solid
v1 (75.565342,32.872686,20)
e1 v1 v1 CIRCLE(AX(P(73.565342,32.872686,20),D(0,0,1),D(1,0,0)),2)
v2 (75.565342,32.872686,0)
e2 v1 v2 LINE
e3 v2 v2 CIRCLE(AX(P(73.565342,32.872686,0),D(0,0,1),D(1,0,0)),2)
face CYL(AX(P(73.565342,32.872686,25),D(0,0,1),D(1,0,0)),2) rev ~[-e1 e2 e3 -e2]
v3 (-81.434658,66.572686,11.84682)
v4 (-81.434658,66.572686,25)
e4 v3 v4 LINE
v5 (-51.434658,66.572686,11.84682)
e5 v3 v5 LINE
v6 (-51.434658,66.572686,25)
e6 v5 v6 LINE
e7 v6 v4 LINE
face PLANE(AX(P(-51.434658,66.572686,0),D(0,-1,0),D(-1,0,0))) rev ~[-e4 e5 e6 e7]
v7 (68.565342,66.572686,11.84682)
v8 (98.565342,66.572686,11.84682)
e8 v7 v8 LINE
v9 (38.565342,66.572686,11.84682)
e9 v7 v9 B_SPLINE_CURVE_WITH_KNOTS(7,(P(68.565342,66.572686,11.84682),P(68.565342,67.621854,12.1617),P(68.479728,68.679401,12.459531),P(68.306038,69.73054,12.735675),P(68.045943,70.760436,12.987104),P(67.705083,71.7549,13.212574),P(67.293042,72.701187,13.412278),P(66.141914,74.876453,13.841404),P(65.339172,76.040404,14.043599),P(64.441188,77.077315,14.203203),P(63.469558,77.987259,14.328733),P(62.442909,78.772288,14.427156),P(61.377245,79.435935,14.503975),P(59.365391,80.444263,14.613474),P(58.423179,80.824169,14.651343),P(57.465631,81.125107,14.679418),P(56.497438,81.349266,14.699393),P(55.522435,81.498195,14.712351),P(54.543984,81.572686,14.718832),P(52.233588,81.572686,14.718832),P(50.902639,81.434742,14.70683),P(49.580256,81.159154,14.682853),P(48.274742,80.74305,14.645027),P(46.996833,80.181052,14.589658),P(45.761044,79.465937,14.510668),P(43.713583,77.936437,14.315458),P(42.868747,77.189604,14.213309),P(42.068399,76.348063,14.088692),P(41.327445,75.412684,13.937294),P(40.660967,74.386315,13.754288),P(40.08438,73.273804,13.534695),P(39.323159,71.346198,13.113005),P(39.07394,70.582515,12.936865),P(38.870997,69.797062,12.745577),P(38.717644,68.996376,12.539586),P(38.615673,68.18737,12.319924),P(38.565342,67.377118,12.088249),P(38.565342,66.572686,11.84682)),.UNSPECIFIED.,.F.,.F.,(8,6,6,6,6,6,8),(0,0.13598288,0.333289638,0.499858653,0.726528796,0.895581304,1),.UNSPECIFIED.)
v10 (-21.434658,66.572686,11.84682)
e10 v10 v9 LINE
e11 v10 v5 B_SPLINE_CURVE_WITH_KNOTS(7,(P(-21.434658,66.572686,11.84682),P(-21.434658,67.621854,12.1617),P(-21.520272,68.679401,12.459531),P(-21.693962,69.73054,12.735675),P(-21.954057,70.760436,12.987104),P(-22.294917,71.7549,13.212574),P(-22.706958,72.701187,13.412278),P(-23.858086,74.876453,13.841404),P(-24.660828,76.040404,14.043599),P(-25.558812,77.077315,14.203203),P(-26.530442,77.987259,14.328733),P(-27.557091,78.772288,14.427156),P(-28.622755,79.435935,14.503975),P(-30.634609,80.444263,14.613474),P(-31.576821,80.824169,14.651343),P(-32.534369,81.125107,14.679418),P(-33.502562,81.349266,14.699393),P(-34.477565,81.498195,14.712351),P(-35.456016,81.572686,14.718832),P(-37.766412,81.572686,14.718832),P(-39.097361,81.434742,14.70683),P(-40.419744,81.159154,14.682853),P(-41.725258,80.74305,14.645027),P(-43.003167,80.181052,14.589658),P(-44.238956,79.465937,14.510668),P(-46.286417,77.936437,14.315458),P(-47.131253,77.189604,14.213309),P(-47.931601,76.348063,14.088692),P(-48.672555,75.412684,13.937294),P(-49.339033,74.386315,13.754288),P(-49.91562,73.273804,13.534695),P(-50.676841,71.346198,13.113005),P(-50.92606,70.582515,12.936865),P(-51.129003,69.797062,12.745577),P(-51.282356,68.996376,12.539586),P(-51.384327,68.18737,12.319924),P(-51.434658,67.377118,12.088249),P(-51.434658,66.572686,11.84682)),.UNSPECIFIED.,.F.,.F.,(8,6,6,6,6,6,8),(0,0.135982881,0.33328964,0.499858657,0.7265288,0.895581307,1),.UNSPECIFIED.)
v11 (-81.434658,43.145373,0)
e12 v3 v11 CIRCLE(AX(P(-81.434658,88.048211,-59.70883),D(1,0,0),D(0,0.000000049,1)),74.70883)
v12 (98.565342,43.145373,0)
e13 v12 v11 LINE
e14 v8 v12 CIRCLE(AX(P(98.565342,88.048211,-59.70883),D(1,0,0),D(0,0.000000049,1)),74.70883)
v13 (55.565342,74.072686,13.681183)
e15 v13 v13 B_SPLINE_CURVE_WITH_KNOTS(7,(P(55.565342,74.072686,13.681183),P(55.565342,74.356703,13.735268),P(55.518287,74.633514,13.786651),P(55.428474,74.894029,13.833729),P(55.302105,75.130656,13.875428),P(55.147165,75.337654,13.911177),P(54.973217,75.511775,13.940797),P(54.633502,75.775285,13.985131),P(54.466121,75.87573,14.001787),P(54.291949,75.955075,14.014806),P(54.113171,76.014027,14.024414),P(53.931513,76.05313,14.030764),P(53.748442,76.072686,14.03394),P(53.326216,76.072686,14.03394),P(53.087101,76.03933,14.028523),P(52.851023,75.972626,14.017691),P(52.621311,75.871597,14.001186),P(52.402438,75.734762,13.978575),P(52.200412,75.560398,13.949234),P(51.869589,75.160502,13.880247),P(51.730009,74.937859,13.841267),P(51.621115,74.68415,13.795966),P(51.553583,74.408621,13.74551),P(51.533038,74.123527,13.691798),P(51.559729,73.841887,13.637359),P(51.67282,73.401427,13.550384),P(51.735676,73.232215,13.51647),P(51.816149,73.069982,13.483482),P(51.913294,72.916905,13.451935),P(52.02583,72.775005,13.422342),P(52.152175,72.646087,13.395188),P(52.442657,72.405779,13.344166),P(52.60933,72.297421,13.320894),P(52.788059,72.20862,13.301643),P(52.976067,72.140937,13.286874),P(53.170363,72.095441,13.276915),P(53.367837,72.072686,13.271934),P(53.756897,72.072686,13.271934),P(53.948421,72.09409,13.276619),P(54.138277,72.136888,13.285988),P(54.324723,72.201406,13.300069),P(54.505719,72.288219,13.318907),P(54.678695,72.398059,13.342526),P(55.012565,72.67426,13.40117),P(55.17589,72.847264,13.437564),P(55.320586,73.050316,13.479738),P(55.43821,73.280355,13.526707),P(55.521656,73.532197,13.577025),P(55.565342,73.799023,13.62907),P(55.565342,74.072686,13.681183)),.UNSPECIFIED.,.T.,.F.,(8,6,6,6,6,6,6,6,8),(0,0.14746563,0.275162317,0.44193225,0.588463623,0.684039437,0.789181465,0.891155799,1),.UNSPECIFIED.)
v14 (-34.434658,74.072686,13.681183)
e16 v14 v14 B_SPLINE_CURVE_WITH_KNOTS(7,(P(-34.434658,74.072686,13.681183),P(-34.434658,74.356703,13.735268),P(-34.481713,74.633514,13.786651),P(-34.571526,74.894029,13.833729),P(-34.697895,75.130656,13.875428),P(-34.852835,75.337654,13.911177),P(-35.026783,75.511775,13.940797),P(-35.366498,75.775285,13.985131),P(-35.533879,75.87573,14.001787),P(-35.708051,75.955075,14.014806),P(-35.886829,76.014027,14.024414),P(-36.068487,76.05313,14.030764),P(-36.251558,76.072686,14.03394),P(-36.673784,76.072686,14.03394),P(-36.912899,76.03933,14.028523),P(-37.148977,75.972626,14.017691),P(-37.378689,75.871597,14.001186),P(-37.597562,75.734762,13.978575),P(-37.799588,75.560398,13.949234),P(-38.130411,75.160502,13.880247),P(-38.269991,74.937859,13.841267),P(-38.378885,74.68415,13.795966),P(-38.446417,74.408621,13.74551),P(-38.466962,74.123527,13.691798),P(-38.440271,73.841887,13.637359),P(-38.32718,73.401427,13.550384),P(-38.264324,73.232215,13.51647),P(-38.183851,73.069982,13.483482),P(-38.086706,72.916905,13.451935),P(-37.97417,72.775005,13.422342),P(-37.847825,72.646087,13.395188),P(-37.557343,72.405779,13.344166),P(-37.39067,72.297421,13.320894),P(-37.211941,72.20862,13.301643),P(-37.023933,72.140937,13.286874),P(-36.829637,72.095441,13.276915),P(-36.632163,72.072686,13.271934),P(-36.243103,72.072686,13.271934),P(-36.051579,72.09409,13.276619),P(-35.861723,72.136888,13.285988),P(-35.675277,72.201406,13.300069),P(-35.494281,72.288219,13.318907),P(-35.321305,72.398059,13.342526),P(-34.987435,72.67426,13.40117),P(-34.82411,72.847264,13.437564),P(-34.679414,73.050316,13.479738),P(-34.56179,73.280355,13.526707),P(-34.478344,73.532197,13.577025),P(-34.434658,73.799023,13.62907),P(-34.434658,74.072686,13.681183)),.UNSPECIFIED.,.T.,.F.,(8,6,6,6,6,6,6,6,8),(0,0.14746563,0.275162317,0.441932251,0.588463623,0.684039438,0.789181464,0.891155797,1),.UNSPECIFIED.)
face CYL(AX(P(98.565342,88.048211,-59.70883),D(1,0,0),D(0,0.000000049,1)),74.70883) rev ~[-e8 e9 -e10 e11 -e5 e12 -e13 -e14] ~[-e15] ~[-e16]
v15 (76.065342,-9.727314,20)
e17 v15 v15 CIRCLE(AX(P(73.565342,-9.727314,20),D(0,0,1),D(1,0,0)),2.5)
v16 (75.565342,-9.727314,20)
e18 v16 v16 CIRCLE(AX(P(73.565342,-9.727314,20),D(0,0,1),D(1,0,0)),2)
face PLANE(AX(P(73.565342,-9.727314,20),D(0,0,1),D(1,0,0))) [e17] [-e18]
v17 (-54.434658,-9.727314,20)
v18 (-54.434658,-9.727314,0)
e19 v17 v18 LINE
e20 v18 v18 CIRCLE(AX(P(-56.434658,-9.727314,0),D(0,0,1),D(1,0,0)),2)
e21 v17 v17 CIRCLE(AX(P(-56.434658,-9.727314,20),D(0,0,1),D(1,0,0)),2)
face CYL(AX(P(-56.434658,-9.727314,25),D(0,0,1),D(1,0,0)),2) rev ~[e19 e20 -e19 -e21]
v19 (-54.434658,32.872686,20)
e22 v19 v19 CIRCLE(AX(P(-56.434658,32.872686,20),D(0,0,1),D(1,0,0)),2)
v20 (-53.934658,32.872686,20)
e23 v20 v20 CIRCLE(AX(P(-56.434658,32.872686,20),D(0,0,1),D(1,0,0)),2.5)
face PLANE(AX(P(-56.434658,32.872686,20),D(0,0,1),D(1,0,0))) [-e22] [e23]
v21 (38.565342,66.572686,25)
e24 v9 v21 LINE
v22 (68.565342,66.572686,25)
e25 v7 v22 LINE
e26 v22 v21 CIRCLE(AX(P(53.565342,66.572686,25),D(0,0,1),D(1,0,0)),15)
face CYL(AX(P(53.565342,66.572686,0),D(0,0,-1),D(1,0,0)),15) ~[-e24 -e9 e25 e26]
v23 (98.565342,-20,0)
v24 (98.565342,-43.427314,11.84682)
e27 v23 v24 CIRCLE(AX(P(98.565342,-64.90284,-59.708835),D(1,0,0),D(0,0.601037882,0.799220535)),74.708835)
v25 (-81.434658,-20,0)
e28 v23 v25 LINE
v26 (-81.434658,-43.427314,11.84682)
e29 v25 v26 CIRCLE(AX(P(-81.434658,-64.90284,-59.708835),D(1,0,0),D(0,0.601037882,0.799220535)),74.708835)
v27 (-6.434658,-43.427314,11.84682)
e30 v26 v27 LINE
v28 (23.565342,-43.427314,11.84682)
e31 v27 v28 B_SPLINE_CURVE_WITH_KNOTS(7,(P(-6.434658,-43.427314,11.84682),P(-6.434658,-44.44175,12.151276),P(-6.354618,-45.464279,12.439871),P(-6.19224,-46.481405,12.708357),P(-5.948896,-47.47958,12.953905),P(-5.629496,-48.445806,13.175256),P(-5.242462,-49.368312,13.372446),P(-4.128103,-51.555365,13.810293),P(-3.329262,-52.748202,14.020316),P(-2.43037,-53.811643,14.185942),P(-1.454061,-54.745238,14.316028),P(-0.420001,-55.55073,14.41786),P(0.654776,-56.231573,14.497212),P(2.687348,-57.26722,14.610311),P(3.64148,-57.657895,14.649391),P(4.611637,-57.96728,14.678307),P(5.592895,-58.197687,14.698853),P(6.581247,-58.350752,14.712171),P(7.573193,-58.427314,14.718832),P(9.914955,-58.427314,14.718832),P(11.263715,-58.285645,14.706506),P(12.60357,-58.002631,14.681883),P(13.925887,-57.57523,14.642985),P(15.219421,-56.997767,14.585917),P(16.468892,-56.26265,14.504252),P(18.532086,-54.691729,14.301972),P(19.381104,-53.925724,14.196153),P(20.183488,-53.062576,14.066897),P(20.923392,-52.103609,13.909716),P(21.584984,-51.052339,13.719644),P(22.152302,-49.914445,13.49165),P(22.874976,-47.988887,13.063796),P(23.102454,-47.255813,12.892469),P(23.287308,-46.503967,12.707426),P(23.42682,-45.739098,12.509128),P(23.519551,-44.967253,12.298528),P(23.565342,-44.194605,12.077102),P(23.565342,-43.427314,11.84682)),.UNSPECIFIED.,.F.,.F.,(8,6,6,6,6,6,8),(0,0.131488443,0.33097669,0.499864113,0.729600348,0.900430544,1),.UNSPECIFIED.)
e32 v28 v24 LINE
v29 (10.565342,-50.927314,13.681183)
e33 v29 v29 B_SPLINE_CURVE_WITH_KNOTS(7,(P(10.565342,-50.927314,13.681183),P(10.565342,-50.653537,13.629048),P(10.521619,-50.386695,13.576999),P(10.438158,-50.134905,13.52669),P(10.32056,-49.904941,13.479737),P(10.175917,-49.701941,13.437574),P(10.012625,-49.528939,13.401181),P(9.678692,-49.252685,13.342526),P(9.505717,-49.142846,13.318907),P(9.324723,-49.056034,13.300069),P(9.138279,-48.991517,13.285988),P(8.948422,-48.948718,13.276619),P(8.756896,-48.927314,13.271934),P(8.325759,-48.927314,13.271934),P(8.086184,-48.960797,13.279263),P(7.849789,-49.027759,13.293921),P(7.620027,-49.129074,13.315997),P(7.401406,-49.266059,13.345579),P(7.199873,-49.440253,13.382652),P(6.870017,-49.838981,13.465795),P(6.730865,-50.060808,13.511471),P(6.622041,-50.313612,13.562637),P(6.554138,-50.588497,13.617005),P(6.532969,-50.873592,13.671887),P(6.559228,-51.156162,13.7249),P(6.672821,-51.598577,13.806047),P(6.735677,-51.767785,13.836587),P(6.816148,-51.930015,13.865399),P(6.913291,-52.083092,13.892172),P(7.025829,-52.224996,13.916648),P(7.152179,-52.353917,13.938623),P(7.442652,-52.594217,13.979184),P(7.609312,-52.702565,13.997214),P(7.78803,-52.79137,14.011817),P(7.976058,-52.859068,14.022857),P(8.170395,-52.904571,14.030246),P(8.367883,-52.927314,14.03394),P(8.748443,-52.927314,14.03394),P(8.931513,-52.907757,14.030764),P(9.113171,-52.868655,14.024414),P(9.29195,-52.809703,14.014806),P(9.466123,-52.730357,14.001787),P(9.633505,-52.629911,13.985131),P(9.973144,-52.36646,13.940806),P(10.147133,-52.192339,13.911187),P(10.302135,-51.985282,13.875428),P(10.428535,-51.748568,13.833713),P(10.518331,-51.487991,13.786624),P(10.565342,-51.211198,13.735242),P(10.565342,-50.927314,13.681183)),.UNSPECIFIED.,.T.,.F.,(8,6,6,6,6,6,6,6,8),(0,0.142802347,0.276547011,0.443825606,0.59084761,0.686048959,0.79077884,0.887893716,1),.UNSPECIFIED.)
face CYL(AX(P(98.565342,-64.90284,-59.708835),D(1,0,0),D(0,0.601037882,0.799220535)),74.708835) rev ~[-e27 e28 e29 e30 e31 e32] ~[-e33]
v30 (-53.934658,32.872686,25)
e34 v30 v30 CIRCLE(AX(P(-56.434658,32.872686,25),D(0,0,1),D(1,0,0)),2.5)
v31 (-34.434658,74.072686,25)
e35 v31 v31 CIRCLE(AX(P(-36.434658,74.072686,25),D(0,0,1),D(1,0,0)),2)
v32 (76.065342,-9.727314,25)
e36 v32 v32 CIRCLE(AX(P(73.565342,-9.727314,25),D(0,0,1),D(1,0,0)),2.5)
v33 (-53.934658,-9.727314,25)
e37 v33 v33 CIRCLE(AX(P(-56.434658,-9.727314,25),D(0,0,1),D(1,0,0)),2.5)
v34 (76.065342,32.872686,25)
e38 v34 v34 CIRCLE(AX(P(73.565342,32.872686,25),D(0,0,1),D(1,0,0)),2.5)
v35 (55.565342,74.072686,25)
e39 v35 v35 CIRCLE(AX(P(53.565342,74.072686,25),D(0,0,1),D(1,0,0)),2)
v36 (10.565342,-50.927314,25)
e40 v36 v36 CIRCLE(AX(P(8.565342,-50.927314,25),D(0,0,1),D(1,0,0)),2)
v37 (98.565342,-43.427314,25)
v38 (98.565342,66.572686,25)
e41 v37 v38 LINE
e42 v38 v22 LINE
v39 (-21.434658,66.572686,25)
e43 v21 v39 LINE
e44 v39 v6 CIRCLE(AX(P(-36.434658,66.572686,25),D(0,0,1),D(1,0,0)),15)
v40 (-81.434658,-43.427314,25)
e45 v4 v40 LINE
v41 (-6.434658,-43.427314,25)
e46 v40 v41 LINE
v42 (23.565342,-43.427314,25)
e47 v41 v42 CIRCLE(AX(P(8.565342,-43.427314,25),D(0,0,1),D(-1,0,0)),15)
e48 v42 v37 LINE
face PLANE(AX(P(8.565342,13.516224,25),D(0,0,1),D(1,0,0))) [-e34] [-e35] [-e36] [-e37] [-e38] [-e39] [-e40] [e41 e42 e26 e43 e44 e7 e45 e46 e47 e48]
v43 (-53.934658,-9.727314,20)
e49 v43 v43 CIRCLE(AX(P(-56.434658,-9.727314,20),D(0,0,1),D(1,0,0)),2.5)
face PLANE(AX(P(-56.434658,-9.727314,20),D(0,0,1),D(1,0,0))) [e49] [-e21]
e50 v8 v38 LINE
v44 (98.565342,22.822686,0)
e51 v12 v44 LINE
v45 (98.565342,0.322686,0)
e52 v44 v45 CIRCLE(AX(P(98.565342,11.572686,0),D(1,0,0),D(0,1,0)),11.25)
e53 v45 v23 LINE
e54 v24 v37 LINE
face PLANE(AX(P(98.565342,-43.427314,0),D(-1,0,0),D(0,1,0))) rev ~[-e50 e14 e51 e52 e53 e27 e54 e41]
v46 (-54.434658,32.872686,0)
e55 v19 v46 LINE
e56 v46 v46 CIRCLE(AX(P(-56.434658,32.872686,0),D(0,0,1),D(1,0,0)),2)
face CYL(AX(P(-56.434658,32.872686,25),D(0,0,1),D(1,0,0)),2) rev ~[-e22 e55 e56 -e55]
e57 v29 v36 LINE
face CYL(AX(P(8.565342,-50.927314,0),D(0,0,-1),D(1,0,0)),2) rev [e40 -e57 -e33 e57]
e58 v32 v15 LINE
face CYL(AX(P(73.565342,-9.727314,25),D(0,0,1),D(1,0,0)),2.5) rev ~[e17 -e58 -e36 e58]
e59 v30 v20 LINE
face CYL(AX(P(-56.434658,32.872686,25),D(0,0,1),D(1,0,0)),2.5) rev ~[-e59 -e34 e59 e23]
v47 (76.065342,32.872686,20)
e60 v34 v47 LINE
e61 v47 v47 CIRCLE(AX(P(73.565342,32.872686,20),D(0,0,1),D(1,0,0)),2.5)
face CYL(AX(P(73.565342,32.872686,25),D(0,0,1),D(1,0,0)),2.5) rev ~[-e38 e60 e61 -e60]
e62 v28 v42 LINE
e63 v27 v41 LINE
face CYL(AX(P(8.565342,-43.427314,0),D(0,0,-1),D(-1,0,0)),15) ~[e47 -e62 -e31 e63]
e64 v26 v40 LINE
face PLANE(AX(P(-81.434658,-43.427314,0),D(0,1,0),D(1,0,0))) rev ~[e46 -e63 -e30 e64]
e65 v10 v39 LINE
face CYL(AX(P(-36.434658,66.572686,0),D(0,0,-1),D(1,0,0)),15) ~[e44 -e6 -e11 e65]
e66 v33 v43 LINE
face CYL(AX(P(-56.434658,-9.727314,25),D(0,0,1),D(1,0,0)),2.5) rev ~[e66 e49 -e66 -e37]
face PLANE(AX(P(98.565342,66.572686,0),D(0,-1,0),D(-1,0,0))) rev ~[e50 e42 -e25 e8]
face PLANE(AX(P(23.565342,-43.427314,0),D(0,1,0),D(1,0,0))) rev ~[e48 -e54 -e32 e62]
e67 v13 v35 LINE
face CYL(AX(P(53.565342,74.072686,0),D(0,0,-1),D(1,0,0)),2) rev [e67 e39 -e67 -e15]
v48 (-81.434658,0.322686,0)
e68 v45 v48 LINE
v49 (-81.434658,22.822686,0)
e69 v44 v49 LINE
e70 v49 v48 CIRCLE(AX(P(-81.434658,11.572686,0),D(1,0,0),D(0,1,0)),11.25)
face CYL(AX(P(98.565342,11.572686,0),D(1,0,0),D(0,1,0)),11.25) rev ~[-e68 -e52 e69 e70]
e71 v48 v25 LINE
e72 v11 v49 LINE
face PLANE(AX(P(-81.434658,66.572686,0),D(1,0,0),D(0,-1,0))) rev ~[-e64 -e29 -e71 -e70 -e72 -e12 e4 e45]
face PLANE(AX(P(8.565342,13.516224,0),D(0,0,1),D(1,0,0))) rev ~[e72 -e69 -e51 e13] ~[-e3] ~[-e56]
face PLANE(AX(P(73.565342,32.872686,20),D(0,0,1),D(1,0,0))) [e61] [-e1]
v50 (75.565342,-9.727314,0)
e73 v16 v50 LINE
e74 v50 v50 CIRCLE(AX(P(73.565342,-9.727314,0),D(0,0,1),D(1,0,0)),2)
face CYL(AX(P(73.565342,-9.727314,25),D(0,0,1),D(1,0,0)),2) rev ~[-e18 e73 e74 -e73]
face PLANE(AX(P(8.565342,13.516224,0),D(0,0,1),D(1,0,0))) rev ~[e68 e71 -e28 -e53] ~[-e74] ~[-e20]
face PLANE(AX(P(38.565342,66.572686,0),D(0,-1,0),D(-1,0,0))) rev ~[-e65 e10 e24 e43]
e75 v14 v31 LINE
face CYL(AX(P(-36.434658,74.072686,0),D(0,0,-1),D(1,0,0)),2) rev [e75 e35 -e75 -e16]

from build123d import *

# Parameters (mm, degrees)
F0_R     = 2
F1_DEPTH = 25
F3_DEPTH = 276
F4_R     = 2
F5_DEPTH = 84.8
F6_R     = 2.5
F7_DEPTH = 5


with BuildPart() as f1:
    # F0 (on Top) → F1 (new body)
    with BuildSketch(Plane.XY):
        with BuildLine():
            Line((-51.434658, 66.572686), (-81.434658, 66.572686))
            Line((-81.434658, 66.572686), (-81.434658, -43.427314))
            Line((-81.434658, -43.427314), (-6.434658, -43.427314))
            ThreePointArc((-6.434658, -43.427314), (8.565342, -58.427314), (23.565342, -43.427314))
            Line((23.565342, -43.427314), (98.565342, -43.427314))
            Line((98.565342, -43.427314), (98.565342, 66.572686))
            Line((98.565342, 66.572686), (68.565342, 66.572686))
            ThreePointArc((68.565342, 66.572686), (53.565342, 81.572686), (38.565342, 66.572686))
            Line((38.565342, 66.572686), (-21.434658, 66.572686))
            ThreePointArc((-21.434658, 66.572686), (-36.434658, 81.572686), (-51.434658, 66.572686))
        make_face()
        with Locations((8.565342, -50.927314)):
            Circle(F0_R, mode=Mode.SUBTRACT)
        with Locations((-36.434658, 74.072686)):
            Circle(F0_R, mode=Mode.SUBTRACT)
        with Locations((53.565342, 74.072686)):
            Circle(F0_R, mode=Mode.SUBTRACT)
    extrude(amount=F1_DEPTH)

    # F2 (on face) → F3 (cut)
    with BuildSketch(Plane.YZ.offset(98.565342)):
        with BuildLine():
            Line((43.145373, 0), (22.822686, 0))
            ThreePointArc((22.822686, 0), (11.572686, 11.25), (0.322686, 0))
            Line((0.322686, 0), (-20, 0))
            ThreePointArc((-20, 0), (-41.231841, 11.150842), (-64.902842, 15))
            Line((-64.902842, 15), (-64.902842, -16.413443))
            Line((-64.902842, -16.413443), (88.048215, -16.413443))
            Line((88.048215, -16.413443), (88.048215, 15))
            ThreePointArc((88.048215, 15), (64.377213, 11.150842), (43.145373, 0))
        make_face()
    extrude(amount=-F3_DEPTH, mode=Mode.SUBTRACT)

    # F4 (on face) → F5 (cut)
    with BuildSketch(Plane.XY.offset(25)):
        with Locations((-56.434658, 32.872686)):
            Circle(F4_R)
        with Locations((73.565342, 32.872686)):
            Circle(F4_R)
        with Locations((-56.434658, -9.727314)):
            Circle(F4_R)
        with Locations((73.565342, -9.727314)):
            Circle(F4_R)
    extrude(amount=-F5_DEPTH, mode=Mode.SUBTRACT)

    # F6 (on face) → F7 (cut)
    with BuildSketch(Plane.XY.offset(25)):
        with Locations((-56.434658, 32.872686)):
            Circle(F6_R)
        with Locations((73.565342, 32.872686)):
            Circle(F6_R)
        with Locations((73.565342, -9.727314)):
            Circle(F6_R)
        with Locations((-56.434658, -9.727314)):
            Circle(F6_R)
    extrude(amount=-F7_DEPTH, mode=Mode.SUBTRACT)


solid = f1.part
